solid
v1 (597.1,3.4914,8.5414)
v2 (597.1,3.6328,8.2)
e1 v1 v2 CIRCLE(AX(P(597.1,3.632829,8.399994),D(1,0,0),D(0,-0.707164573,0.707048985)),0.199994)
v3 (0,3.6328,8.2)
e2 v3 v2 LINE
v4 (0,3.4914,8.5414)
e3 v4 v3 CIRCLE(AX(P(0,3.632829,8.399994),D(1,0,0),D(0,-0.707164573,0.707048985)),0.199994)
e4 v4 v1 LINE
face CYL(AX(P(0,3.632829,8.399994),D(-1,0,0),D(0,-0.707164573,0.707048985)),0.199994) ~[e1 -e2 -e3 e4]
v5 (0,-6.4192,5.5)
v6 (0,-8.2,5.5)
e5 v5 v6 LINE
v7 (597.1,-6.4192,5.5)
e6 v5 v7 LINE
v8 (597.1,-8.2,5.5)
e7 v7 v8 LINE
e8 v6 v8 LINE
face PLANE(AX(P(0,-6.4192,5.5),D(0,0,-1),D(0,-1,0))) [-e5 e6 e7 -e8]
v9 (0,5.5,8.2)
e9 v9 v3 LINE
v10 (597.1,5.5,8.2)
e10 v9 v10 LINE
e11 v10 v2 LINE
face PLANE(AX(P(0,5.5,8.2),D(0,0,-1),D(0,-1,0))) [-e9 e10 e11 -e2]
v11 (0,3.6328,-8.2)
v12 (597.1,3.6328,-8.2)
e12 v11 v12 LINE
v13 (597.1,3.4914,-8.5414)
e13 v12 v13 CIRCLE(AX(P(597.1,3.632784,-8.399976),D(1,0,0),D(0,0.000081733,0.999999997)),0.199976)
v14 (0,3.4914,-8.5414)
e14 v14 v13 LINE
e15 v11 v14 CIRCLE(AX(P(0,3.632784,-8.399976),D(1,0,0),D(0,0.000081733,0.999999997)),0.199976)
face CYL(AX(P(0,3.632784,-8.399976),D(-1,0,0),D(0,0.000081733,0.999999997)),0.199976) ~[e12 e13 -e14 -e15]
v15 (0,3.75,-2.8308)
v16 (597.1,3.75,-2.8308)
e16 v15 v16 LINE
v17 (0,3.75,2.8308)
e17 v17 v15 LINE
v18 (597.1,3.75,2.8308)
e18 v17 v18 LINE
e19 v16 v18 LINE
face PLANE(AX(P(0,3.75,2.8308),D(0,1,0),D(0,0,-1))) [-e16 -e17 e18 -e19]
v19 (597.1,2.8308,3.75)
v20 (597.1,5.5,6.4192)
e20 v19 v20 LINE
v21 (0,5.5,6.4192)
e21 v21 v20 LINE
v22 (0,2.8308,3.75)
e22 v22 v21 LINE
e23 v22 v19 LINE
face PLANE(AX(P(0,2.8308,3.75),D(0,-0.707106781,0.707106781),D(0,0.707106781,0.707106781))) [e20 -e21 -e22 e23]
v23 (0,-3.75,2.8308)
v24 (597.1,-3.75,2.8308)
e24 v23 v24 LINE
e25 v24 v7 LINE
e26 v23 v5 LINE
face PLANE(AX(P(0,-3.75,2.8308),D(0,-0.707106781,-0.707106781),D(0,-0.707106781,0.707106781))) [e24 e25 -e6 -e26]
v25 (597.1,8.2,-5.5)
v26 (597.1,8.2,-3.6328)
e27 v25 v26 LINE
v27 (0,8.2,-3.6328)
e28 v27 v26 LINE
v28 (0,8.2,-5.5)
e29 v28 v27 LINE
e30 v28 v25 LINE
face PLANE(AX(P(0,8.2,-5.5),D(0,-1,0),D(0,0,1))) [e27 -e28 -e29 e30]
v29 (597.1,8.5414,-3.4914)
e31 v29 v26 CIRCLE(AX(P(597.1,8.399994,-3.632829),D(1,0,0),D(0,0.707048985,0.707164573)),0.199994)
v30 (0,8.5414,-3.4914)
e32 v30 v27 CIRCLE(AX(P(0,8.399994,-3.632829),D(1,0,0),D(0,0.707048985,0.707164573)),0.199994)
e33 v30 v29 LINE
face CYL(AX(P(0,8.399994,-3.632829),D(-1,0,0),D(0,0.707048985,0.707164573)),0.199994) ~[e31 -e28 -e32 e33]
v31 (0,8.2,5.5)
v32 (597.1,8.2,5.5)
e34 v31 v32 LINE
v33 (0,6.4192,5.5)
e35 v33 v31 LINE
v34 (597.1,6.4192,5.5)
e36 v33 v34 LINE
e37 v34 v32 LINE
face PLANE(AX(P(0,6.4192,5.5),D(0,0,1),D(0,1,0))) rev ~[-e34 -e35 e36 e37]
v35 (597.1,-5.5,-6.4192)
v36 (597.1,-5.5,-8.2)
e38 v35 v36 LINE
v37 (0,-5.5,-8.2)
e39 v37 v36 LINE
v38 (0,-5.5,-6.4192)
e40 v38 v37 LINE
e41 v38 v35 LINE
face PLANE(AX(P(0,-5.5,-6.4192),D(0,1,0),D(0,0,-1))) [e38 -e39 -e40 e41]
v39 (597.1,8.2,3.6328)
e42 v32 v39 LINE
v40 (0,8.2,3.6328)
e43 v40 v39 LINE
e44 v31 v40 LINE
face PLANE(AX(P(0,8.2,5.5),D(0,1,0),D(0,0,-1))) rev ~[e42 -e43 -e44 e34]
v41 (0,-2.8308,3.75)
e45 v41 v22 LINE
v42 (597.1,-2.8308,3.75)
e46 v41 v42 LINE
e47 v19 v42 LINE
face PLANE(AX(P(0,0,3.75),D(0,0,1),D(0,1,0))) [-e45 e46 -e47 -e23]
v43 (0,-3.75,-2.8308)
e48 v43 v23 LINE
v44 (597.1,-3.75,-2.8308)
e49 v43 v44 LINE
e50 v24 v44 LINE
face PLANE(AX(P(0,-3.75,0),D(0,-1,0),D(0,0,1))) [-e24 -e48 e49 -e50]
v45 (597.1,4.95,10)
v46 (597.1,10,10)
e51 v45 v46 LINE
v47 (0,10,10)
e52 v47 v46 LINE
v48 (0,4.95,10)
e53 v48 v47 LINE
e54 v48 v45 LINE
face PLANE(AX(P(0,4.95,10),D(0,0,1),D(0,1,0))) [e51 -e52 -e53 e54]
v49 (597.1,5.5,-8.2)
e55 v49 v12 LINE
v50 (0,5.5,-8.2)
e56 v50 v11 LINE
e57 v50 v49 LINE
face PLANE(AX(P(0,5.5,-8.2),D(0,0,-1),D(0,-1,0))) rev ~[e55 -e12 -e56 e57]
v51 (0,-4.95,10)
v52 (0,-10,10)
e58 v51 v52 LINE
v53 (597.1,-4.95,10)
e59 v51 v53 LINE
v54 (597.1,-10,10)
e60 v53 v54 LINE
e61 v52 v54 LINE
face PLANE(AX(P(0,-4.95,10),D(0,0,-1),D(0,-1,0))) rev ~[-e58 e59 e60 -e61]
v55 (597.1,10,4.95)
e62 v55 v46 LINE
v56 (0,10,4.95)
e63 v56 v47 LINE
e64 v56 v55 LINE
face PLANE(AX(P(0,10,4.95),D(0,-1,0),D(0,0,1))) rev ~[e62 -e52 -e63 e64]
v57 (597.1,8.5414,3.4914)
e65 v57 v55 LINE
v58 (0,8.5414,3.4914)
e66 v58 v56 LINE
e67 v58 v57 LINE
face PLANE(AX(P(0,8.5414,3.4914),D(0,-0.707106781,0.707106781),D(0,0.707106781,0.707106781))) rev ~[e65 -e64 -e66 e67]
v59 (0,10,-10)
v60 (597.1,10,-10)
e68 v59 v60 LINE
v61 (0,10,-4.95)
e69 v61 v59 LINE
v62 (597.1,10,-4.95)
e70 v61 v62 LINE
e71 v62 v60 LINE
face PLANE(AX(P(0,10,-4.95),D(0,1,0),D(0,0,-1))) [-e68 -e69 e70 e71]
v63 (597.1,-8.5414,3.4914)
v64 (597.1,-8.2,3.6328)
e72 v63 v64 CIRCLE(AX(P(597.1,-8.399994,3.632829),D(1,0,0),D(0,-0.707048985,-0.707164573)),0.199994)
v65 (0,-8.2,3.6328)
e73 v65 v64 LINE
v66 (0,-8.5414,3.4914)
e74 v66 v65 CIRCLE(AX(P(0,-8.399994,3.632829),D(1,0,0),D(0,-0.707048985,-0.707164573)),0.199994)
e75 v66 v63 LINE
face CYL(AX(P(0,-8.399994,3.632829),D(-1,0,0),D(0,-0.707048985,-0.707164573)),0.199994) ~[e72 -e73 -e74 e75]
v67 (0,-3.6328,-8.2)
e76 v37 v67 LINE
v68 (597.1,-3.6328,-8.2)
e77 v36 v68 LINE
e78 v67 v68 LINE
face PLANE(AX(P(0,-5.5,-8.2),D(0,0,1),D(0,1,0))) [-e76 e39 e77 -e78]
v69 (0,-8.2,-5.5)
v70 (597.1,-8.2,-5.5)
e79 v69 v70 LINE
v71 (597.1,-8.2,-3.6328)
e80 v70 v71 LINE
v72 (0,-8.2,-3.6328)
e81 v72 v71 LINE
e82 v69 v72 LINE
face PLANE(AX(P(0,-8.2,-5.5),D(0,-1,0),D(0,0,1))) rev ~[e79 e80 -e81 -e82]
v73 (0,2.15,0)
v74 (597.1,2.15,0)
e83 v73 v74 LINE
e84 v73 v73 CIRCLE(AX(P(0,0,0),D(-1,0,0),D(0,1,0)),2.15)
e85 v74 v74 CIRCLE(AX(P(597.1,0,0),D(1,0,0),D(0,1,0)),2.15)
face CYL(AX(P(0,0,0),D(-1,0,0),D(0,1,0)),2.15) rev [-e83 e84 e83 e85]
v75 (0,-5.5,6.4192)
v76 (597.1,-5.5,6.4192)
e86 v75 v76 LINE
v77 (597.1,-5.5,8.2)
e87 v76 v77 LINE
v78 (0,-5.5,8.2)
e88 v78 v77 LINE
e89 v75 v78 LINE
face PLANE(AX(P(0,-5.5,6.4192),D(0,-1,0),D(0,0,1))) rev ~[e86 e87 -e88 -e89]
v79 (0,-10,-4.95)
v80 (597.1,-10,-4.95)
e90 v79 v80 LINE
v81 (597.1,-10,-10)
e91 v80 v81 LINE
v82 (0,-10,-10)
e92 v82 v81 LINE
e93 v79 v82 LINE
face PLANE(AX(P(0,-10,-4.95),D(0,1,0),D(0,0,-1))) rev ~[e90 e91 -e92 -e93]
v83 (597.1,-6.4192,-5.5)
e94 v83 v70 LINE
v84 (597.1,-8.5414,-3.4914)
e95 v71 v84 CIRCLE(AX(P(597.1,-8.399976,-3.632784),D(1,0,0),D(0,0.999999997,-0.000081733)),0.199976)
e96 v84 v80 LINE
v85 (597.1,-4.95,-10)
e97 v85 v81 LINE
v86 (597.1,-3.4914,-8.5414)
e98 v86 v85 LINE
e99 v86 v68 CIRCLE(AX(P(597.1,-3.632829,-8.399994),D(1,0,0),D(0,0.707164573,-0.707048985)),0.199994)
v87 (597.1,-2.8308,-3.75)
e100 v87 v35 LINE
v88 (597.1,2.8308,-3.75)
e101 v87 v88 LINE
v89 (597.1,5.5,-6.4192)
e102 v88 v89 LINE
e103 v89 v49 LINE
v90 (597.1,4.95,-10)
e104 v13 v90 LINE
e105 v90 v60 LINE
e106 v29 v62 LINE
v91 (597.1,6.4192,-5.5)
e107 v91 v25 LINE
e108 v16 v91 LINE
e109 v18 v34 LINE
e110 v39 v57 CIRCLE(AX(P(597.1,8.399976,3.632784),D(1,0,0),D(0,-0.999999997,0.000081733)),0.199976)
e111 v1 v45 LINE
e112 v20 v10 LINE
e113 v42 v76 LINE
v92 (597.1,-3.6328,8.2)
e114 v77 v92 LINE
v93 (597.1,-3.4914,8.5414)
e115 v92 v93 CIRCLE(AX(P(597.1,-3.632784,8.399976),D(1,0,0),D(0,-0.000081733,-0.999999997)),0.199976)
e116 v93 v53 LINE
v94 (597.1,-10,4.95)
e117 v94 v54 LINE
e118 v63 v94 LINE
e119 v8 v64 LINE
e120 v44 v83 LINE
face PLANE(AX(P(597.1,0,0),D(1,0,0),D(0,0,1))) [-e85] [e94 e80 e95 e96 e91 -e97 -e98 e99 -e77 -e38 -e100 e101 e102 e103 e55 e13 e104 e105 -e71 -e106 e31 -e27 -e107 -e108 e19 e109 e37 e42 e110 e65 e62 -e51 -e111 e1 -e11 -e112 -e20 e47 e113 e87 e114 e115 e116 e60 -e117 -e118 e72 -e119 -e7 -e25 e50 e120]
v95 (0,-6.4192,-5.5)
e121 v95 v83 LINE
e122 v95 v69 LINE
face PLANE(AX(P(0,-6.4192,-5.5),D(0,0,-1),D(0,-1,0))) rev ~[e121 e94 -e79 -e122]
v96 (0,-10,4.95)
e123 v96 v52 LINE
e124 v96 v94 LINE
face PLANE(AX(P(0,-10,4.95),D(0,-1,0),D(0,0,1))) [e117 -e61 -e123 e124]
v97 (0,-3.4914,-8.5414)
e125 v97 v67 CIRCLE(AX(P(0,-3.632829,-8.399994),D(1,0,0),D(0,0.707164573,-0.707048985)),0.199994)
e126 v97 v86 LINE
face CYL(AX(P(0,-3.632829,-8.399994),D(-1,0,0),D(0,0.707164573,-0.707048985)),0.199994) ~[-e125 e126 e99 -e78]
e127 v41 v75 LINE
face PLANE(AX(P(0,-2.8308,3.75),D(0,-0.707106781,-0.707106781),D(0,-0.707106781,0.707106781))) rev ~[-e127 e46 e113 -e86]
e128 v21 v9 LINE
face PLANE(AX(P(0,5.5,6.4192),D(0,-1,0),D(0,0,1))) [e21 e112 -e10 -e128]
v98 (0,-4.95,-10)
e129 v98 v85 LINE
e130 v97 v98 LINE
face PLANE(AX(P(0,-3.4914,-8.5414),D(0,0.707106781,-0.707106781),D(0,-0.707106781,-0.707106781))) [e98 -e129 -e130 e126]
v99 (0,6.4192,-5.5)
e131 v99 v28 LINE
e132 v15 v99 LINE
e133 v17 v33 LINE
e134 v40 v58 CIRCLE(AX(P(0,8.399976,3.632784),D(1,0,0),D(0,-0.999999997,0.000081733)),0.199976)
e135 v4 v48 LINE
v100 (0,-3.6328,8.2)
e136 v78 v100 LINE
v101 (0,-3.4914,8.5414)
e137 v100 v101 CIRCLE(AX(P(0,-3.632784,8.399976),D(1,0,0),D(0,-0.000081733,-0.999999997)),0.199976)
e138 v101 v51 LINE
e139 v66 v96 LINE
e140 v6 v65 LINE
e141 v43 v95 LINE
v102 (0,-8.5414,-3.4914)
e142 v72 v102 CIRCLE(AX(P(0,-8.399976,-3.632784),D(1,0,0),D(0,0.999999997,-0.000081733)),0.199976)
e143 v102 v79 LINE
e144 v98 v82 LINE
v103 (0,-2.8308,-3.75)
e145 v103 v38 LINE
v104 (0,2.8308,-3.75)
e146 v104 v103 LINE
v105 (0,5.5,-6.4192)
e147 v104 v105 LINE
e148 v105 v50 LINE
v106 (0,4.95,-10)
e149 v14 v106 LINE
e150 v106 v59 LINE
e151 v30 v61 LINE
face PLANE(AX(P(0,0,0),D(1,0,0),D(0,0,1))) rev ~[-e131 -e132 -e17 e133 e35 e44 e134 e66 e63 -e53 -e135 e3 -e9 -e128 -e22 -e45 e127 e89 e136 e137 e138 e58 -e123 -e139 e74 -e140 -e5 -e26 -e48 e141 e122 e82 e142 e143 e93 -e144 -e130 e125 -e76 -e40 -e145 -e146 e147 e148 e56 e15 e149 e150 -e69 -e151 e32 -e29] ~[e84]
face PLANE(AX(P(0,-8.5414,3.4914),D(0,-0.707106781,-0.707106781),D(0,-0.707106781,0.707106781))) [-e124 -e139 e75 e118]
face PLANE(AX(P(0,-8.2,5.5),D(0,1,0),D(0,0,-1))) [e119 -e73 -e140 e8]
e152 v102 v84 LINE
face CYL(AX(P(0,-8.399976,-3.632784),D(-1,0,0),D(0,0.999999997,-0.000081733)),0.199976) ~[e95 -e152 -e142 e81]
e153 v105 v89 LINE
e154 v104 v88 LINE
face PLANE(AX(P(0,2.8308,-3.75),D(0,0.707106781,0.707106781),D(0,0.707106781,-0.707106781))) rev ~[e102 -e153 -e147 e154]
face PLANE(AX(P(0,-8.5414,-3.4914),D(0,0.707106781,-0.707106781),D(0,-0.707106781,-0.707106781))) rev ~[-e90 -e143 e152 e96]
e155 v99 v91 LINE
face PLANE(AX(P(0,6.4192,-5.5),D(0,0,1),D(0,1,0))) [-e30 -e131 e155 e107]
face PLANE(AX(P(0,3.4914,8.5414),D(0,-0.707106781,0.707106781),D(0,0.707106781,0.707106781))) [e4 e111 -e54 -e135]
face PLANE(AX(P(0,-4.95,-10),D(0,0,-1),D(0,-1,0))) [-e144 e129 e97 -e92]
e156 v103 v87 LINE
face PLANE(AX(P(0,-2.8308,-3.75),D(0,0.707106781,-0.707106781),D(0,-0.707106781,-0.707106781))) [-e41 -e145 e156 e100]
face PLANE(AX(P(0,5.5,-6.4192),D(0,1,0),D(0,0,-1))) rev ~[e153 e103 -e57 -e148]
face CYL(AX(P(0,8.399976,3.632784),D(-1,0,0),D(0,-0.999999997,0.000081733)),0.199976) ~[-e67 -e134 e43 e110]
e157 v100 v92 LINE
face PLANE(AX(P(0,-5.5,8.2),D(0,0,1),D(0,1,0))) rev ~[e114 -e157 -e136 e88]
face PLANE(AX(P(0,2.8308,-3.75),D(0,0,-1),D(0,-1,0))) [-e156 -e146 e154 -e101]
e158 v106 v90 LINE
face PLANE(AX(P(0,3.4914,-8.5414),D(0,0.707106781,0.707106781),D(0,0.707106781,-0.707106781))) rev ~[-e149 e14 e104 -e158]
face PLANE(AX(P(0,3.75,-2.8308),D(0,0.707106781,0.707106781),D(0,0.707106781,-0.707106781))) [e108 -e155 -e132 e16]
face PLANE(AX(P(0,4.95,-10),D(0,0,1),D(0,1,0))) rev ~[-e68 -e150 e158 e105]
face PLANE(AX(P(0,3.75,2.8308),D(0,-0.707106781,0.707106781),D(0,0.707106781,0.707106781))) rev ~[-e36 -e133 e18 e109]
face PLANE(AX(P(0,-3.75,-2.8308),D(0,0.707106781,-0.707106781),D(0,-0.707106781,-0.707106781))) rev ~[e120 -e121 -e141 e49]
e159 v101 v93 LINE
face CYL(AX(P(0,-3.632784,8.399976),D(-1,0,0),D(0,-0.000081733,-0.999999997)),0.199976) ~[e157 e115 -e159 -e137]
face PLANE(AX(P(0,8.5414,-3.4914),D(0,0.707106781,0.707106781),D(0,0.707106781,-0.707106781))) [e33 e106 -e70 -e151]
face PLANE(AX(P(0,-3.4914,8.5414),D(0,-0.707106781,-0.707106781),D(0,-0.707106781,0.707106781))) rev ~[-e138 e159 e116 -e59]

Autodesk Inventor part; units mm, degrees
ref_plane "YZ Plane" through (0, 0, 0) normal (1, 0, 0) x (0, 1, 0)
ref_plane "XZ Plane" through (0, 0, 0) normal (0, 1, 0) x (-1, 0, 0)
sketch "Sketch1" plane through (0, 0, 0) normal (1, 0, 0) x (0, 1, 0)
  arc A0 (0, -2.15) -> (2.15, 0) centre (0, 0) ccw
  line L0 (3.75, 0) -> (3.75, -2.8308)
  line L1 (2.8308, -3.75) -> (0, -3.75)
  line L2 (0, 0) -> (10, 0) construction
  line L3 (10, 0) -> (10, -10) construction
  line L4 (10, -10) -> (0, -10) construction
  line L5 (0, -10) -> (0, 0) construction
  line L6 (3.75, -2.8308) -> (6.4192, -5.5)
  line L7 (2.8308, -3.75) -> (5.5, -6.4192)
  line L8 (5.5, -6.4192) -> (5.5, -8.2)
  line L9 (5.5, -8.2) -> (3.15, -8.2)
  line L10 (0, 0) -> (5.5, 0) construction
  line L11 (5.5, 0) -> (5.5, -5.5) construction
  line L12 (5.5, -5.5) -> (0, -5.5) construction
  line L13 (0, -5.5) -> (0, 0) construction
  line L14 (6.4192, -5.5) -> (8.2, -5.5)
  line L15 (3.4914, -8.5414) -> (4.95, -10)
  line L16 (3.6328, -8.2) -> (5.6956, -8.2) construction
  line L17 (8.2, -5.5) -> (8.2, -3.6328)
  line L18 (8.5414, -3.4914) -> (10, -4.95)
  line L19 (10, -4.95) -> (10, -10)
  line L20 (4.95, -10) -> (10, -10)
  arc A1 (2.15, 0) -> (0, -2.15) centre (0, 0) ccw construction
  arc A2 (3.6328, -8.2) -> (3.4914, -8.5414) centre (3.6328, -8.4) ccw
  arc A3 (8.5414, -3.4914) -> (8.2, -3.6328) centre (8.4, -3.6328) ccw
  line L21 (3.75, 0) -> (2.15, 0)
  line L22 (0, -2.15) -> (0, -3.75)
  point P0 (8.2, -3.15)
  dimension "d0" = 4.3
  dimension "d1" = 3.75
  dimension "d2" = 3.75
  dimension "d5" = 10
  dimension "d6" = 10
  dimension "d10" = 5.5
  dimension "d11" = 5.5
  dimension "d12" = 1.8
  dimension "d14" = 1.3
  dimension "d15" = 45
  dimension "d16" = 3.15
  dimension "d17" = 45
  dimension "d18" = 3.15
  dimension "d19" = 1.8
  dimension "d20" = 0.2
extrude "Extrusion1" add sketch "Sketch1" along normal blind 597.1
pattern_circular "Circular Pattern1" count 4 over 360 about axis through (0, 0, 0) along (-1, 0, 0) of "Extrusion1"
ref_plane "Work Plane1" through (0, 4.95, 0) normal (0, 0, 1) x (1, 0, 0)
equation "\"d2\" = d1"
equation "\"d18\" = d16"
equation "\"d19\" = d12"
properties part number "VSlot Extrusion 20x20x650mm" material "Aluminum 6061"
